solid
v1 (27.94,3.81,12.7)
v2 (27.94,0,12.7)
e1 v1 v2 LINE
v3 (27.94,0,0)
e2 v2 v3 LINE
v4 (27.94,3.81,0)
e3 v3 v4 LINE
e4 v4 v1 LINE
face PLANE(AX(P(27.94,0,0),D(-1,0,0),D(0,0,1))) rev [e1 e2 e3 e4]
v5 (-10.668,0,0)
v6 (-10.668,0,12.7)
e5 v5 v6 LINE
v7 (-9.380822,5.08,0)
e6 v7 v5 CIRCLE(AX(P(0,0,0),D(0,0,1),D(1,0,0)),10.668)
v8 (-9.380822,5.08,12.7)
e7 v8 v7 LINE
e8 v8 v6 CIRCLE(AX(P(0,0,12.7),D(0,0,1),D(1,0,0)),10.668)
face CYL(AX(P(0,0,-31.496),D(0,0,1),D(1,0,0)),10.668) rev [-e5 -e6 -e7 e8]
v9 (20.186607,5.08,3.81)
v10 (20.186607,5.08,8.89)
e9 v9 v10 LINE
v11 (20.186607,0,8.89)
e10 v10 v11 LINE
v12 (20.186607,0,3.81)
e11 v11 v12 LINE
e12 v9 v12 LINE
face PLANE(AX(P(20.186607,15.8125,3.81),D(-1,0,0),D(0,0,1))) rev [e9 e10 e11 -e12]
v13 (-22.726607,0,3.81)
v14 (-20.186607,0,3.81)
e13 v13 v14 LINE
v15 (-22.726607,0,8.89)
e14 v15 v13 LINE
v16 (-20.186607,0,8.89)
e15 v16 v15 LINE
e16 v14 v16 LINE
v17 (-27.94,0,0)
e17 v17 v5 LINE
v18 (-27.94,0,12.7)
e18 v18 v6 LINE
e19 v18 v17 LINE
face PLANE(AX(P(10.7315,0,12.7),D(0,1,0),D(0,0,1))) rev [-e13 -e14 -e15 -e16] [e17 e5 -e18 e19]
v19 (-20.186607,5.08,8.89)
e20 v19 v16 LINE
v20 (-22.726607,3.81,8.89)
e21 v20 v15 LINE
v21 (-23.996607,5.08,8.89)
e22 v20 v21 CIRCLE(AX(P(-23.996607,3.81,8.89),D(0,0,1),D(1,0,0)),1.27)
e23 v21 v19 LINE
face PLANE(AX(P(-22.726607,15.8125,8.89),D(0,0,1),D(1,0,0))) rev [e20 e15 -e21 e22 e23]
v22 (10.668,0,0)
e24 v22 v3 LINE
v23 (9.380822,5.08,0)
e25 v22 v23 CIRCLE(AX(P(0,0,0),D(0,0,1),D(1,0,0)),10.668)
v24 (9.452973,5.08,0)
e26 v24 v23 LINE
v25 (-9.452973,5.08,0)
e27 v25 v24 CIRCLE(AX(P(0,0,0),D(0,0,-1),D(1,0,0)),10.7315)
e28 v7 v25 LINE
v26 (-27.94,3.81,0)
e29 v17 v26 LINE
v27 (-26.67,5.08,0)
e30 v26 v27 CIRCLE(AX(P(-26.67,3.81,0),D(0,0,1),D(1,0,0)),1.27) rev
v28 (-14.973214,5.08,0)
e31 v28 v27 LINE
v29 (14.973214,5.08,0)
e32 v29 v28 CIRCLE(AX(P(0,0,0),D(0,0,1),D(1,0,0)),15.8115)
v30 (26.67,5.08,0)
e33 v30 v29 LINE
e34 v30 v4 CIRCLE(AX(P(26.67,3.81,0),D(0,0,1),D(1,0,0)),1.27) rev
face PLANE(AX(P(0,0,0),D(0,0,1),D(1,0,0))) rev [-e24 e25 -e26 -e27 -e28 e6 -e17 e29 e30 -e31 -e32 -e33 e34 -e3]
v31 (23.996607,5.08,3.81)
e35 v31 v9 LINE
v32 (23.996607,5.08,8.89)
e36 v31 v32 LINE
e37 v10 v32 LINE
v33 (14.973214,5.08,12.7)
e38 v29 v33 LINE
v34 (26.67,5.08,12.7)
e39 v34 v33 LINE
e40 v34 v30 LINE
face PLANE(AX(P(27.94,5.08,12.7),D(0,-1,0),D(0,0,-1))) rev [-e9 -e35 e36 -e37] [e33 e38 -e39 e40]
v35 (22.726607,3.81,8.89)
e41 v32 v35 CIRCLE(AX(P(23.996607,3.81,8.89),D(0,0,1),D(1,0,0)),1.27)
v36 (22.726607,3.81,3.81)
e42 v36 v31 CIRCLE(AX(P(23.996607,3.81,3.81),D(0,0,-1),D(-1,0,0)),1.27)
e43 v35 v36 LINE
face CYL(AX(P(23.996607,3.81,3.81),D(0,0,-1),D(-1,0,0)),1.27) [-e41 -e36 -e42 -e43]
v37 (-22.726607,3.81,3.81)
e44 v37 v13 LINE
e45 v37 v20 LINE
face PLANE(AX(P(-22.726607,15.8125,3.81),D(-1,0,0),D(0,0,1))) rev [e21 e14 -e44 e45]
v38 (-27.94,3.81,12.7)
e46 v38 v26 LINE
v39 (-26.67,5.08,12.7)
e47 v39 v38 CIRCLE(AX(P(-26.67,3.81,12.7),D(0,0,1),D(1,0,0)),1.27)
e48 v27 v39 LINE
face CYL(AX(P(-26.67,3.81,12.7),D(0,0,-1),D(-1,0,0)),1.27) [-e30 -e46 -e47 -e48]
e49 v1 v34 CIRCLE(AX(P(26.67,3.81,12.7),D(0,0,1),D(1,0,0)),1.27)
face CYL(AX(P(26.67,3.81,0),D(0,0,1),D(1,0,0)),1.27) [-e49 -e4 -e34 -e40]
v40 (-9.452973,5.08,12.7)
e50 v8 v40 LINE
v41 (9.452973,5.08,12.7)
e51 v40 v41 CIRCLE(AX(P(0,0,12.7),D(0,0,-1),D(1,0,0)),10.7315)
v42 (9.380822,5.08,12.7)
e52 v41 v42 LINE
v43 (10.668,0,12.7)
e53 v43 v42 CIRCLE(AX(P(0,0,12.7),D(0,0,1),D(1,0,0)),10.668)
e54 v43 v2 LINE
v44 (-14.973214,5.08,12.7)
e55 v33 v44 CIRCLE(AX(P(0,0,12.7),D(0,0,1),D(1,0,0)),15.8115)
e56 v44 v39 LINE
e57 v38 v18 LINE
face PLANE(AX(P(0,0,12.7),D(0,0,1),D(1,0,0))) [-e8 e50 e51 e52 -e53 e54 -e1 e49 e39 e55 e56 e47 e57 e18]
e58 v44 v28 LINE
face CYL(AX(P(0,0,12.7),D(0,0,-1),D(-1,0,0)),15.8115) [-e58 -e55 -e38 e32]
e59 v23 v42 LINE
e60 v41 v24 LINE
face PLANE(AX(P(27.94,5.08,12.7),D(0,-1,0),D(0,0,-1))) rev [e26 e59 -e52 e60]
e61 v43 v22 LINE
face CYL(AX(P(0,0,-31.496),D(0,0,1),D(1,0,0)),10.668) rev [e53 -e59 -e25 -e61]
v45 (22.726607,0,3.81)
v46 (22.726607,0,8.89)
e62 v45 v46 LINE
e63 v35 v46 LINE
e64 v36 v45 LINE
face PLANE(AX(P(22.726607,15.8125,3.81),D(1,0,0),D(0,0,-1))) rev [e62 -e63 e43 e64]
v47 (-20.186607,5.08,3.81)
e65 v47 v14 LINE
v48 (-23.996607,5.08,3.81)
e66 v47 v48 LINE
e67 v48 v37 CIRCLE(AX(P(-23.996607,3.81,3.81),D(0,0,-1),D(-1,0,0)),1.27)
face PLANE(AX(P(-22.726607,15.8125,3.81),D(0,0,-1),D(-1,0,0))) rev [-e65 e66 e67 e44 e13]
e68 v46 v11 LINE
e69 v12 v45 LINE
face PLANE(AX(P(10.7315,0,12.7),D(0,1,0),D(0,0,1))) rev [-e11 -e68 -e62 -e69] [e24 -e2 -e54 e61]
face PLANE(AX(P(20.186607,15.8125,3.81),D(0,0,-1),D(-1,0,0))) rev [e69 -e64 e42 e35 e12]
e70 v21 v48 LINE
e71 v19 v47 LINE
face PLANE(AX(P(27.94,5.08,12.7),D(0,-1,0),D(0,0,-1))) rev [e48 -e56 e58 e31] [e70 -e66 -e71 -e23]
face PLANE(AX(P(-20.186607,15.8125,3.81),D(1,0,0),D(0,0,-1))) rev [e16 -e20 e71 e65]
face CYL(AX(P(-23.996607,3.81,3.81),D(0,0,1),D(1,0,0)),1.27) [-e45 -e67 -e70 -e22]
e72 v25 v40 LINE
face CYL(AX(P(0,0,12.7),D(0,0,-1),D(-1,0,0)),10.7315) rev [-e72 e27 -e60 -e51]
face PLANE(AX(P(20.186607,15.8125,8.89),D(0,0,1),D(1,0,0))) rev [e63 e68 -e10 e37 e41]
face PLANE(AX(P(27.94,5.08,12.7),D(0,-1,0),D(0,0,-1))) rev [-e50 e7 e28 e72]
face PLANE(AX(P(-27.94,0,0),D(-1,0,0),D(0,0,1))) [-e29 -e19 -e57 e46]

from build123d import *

# Parameters (mm, degrees)
BOSS_EXTRUDE1_DEPTH = 12.7
SKETCH3_W           = 12.7
SKETCH3_H           = 5.08
BOSS_EXTRUDE2_DEPTH = 27.94
SKETCH4_R           = 10.668
CUT_EXTRUDE1_DEPTH  = 44.196
CUT_EXTRUDE3_REACH  = 36.524
SKETCH6_W           = 2.54
SKETCH6_H           = 5.08
FILLET1_R           = 1.27


with BuildPart() as part:
    # Sketch2 → Boss-Extrude1 (new body)
    with BuildSketch(Plane.XY):
        with BuildLine():
            Line((-15.8115, 0), (-10.7315, 0))
            ThreePointArc((-10.7315, 0), (0, 10.7315), (10.7315, 0))
            Line((10.7315, 0), (15.8115, 0))
            ThreePointArc((15.8115, 0), (0, 15.8115), (-15.8115, 0))
        make_face()
    extrude(amount=BOSS_EXTRUDE1_DEPTH)

    # Sketch3 → Boss-Extrude2 (add, symmetric)
    with BuildSketch(Plane(origin=(0, 0, 0), x_dir=(0, 0, -1), z_dir=(1, 0, 0))):
        with Locations((-6.35, 2.54)):
            Rectangle(SKETCH3_W, SKETCH3_H)
    extrude(amount=BOSS_EXTRUDE2_DEPTH, both=True)

    # Sketch4 → Cut-Extrude1 (cut)
    with BuildSketch(Plane.XY.offset(12.7)):
        Circle(SKETCH4_R)
    extrude(amount=-CUT_EXTRUDE1_DEPTH, mode=Mode.SUBTRACT)

    # Sketch6 → Cut-Extrude3 (cut, up to next)
    with BuildSketch(Plane.XZ, mode=Mode.PRIVATE) as cut_extrude3_sk1:
        with Locations((-21.456606913, 6.35)):
            Rectangle(SKETCH6_W, SKETCH6_H)
    cut_extrude3_tool1 = extrude(cut_extrude3_sk1.sketch, amount=-CUT_EXTRUDE3_REACH, mode=Mode.PRIVATE) & part.part
    # Sketch6 → Cut-Extrude3 (cut, up to next)
    with BuildSketch(Plane.XZ, mode=Mode.PRIVATE) as cut_extrude3_sk2:
        with Locations((21.456606913, 6.35)):
            Rectangle(SKETCH6_W, SKETCH6_H)
    cut_extrude3_tool2 = extrude(cut_extrude3_sk2.sketch, amount=-CUT_EXTRUDE3_REACH, mode=Mode.PRIVATE) & part.part
    add(cut_extrude3_tool1.solids().sort_by_distance((-21.456607, 0, 6.35))[0], mode=Mode.SUBTRACT)
    add(cut_extrude3_tool2.solids().sort_by_distance((21.456607, 0, 6.35))[0], mode=Mode.SUBTRACT)

    # Fillet1
    fillet1_edges = [part.edges().sort_by_distance(p)[0] for p in [
        (-27.94, 5.08, 6.35),
        (27.94, 5.08, 6.35),
        (-22.726606913, 5.08, 6.35),
        (22.726606913, 5.08, 6.35),
    ]]
    fillet(fillet1_edges, radius=FILLET1_R)


solid = part.part
